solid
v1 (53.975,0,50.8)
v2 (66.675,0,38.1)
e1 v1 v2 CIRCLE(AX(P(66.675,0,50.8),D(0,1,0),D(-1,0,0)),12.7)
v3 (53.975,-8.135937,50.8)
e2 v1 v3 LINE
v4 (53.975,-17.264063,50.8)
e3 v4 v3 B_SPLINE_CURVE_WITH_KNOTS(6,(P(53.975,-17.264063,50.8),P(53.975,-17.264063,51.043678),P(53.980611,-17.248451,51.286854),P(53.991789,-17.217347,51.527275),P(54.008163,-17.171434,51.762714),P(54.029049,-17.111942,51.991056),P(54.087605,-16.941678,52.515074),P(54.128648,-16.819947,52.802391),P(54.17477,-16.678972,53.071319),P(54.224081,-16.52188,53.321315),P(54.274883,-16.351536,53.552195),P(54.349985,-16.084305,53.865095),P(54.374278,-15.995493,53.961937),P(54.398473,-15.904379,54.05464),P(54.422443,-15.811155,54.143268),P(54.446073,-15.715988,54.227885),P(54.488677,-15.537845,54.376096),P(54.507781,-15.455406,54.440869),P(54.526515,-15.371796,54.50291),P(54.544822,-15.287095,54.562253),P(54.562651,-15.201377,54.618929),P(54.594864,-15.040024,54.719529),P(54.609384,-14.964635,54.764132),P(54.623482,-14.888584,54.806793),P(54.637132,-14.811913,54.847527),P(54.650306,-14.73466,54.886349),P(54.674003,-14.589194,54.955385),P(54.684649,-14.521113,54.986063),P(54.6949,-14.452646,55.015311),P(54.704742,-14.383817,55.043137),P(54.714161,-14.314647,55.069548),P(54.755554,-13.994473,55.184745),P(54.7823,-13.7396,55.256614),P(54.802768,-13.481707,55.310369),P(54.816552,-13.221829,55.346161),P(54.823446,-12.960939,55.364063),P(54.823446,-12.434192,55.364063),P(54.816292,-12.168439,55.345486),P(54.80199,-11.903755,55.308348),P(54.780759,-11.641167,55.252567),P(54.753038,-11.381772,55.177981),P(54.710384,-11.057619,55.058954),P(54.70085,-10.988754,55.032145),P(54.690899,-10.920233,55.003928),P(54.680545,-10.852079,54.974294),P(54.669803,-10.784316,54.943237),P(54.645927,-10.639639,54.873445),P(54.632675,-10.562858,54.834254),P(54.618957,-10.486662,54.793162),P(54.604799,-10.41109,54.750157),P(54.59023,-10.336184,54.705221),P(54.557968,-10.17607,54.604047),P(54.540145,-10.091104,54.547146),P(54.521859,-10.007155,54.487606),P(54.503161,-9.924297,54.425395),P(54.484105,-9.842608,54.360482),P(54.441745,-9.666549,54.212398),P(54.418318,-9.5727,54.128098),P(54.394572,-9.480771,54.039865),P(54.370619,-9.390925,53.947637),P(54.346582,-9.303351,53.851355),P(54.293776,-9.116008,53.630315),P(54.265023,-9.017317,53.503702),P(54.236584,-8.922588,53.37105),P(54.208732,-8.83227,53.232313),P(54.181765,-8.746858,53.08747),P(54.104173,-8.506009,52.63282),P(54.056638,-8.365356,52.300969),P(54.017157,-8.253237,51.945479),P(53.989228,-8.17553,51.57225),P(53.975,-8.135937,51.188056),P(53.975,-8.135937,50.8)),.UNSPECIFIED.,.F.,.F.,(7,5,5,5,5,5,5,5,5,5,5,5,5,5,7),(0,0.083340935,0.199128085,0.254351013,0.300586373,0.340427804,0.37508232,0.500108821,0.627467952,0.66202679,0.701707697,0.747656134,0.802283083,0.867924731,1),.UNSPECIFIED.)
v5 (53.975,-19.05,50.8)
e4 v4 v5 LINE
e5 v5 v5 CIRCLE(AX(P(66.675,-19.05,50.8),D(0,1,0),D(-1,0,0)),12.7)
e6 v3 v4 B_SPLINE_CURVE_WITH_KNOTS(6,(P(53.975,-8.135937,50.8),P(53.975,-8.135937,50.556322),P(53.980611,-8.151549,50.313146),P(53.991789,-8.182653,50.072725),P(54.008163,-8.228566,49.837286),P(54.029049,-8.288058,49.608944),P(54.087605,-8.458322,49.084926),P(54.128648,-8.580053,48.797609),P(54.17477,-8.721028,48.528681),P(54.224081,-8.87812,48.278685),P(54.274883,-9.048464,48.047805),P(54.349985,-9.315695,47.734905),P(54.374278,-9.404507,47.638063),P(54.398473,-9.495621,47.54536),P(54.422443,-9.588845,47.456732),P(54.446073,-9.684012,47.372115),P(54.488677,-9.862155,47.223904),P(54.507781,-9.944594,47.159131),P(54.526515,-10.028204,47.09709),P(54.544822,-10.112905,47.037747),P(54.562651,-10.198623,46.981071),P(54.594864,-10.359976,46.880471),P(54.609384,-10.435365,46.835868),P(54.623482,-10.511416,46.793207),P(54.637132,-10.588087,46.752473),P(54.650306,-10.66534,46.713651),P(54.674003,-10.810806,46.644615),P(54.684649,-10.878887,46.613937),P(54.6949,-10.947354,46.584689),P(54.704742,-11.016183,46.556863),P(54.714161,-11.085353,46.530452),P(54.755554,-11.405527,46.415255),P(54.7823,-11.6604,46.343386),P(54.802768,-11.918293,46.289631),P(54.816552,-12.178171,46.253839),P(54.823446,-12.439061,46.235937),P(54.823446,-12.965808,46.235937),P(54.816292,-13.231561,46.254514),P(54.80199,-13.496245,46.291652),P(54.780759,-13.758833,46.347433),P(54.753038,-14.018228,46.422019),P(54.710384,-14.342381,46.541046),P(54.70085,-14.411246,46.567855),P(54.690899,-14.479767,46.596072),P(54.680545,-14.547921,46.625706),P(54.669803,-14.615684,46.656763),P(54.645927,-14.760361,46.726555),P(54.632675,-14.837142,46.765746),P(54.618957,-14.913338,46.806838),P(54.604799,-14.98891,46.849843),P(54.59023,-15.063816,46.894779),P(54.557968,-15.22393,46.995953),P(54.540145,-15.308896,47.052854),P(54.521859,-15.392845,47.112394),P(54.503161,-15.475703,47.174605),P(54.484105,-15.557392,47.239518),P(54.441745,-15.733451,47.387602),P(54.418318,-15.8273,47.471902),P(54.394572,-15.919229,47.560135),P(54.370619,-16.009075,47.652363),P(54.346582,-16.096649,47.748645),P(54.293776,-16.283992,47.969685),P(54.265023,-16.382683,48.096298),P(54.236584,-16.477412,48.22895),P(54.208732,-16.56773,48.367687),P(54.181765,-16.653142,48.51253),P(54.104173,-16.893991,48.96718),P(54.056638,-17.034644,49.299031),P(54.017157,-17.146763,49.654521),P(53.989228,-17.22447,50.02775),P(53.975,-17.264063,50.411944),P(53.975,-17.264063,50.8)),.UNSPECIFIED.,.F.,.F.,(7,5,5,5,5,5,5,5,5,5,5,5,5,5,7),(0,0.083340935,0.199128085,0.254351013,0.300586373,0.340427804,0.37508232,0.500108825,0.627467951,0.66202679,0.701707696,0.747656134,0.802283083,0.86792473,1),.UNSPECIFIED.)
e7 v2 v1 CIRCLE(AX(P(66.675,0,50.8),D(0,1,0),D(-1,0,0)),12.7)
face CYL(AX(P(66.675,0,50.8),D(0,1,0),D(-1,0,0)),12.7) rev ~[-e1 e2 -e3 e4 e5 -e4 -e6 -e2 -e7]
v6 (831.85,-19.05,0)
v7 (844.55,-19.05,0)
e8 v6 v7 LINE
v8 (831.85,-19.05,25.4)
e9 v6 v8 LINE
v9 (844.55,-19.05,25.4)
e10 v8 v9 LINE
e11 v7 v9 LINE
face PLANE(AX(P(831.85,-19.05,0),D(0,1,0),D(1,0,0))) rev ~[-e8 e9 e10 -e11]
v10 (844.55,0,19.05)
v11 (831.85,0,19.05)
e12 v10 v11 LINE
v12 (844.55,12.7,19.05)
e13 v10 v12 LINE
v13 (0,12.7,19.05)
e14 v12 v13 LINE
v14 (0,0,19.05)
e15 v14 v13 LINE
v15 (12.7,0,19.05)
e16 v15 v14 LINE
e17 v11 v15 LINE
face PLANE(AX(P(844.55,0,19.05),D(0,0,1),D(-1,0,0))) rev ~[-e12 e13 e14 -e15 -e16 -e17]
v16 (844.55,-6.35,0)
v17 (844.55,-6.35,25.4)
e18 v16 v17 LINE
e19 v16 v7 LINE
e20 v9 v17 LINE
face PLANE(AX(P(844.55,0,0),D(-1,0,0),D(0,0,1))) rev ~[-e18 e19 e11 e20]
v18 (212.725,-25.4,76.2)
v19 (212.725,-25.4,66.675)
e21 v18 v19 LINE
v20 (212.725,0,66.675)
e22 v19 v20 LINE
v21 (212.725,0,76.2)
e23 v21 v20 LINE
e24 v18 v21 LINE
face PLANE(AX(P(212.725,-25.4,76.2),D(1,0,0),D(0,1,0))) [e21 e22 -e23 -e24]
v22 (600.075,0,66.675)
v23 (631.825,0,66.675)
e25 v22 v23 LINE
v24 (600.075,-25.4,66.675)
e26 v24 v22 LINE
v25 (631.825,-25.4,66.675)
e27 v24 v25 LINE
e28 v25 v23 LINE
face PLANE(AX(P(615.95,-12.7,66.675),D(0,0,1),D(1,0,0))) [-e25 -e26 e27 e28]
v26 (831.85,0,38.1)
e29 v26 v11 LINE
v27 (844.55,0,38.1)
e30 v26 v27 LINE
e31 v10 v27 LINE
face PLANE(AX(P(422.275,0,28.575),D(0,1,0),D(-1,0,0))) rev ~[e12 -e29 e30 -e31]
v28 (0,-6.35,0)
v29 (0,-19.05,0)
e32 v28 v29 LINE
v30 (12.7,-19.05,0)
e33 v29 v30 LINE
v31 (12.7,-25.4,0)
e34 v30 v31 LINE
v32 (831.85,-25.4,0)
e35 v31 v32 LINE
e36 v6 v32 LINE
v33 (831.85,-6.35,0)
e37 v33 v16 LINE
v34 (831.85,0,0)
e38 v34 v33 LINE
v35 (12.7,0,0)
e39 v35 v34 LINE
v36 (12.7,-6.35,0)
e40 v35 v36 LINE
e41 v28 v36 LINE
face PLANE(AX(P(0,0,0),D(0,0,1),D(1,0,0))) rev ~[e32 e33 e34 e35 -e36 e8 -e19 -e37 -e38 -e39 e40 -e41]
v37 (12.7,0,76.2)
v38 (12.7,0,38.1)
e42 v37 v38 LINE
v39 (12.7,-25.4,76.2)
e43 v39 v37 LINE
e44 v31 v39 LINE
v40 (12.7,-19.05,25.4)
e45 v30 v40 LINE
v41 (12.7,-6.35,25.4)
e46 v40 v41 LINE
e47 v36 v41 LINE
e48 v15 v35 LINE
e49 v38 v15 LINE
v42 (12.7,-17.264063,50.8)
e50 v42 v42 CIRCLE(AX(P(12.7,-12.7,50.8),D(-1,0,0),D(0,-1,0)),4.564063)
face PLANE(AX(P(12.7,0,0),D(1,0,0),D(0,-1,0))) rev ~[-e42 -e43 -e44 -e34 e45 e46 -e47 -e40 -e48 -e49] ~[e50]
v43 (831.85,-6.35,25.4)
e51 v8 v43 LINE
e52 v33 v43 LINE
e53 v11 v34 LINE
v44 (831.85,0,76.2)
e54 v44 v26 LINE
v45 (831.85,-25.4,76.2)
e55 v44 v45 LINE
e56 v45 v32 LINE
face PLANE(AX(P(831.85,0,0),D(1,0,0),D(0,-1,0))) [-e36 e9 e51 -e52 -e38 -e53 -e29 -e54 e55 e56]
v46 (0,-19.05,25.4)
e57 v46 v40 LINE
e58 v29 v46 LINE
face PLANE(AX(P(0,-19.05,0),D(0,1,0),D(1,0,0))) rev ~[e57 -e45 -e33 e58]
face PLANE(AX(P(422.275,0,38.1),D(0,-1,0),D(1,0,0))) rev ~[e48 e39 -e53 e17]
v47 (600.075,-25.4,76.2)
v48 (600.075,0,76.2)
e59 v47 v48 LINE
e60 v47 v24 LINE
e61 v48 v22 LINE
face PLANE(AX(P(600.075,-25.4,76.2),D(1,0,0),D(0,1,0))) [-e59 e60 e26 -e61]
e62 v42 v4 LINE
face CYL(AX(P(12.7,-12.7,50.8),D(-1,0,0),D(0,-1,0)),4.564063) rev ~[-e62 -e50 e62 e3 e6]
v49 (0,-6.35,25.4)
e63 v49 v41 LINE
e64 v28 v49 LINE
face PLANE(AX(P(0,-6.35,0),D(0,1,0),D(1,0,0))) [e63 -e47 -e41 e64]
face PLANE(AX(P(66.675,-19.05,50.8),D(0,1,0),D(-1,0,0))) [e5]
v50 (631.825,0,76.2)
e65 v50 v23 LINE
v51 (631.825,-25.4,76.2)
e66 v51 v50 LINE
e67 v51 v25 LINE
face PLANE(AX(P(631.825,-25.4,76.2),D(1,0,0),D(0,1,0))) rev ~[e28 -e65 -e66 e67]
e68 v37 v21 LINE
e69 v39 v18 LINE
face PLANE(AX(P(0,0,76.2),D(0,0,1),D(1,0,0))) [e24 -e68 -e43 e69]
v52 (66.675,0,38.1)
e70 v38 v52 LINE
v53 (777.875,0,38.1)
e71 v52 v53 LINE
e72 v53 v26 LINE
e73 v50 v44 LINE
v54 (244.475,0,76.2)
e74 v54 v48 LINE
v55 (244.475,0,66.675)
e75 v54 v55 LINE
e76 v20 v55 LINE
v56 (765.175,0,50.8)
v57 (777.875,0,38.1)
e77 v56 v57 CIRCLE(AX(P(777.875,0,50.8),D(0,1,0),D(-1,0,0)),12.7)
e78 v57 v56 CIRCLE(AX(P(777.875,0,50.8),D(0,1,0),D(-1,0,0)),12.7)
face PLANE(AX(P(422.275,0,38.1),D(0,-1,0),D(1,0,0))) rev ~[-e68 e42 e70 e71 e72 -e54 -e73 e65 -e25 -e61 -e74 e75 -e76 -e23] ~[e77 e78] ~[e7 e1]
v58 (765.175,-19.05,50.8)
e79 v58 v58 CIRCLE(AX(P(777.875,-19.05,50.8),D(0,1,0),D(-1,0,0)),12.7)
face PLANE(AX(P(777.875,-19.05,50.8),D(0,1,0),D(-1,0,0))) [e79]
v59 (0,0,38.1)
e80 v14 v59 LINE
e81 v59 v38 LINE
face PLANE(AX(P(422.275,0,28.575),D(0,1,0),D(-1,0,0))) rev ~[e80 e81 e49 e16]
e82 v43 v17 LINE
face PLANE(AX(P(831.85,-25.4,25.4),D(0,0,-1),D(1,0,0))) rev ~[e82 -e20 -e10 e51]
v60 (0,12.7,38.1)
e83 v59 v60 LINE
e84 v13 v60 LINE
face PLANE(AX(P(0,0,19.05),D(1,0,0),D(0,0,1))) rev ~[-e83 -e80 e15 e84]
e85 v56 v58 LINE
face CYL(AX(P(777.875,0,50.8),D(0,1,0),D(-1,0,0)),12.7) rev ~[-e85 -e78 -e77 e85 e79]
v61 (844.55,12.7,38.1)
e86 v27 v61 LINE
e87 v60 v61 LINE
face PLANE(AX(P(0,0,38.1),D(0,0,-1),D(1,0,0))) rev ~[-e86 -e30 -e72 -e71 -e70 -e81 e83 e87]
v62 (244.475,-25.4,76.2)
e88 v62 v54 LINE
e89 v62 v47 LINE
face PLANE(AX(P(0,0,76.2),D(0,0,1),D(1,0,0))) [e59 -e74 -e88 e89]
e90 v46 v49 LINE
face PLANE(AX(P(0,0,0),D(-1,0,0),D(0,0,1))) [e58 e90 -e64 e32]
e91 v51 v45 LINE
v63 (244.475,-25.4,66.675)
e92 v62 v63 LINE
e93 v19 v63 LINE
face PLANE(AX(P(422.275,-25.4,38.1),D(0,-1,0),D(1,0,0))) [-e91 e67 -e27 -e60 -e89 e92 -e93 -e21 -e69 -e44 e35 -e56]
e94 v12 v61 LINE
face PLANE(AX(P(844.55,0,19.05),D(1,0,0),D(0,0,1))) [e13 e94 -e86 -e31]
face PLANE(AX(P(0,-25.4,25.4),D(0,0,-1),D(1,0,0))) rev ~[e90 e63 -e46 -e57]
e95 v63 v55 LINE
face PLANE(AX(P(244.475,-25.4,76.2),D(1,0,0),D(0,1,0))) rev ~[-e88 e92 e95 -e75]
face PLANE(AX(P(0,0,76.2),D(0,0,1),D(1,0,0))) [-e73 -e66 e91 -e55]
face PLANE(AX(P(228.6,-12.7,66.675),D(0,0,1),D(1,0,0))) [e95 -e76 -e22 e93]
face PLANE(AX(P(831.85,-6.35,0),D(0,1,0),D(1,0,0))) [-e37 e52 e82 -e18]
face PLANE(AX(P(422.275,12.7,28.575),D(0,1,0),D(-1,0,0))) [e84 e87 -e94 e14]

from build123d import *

# Parameters (mm, degrees)
F0_W      = 844.55
F0_H      = 76.2
F1_DEPTH  = 25.4
F2_W      = 12.7
F2_H      = 50.8
F3_DEPTH  = 25.401
F4_W      = 12.7
F4_H      = 6.35
F5_DEPTH  = 76.201
F6_R      = 4.564063
F7_DEPTH  = 50.8
F8_R      = 12.7
F9_DEPTH  = 19.05
F10_W     = 12.7
F10_H     = 19.05
F11_DEPTH = 12.7
F12_W     = 31.75
F12_H     = 25.4
F13_DEPTH = 9.525


with BuildPart() as f1:
    # F0 (on Front) → F1 (new body)
    with BuildSketch(Plane.XZ):
        with Locations((422.275, 38.1)):
            Rectangle(F0_W, F0_H)
    extrude(amount=F1_DEPTH)

    # F2 (on face) → F3 (cut, through all)
    with BuildSketch(Plane.XZ.offset(25.4)):
        with Locations((6.35, 50.8)):
            Rectangle(F2_W, F2_H)
        with Locations((838.2, 50.8)):
            Rectangle(F2_W, F2_H)
    extrude(amount=-F3_DEPTH, mode=Mode.SUBTRACT)

    # F4 (on face) → F5 (cut, through all)
    with BuildSketch(Plane(origin=(0, 0, 0), x_dir=(1, 0, 0), z_dir=(0, 0, -1))):
        with Locations((838.2, 22.225)):
            Rectangle(F4_W, F4_H)
        with Locations((838.2, 3.175)):
            Rectangle(F4_W, F4_H)
        with Locations((6.35, 22.225)):
            Rectangle(F4_W, F4_H)
        with Locations((6.35, 3.175)):
            Rectangle(F4_W, F4_H)
    extrude(amount=-F5_DEPTH, mode=Mode.SUBTRACT)

    # F6 (on face) → F7 (cut)
    with BuildSketch(Plane(origin=(12.7, 0, 0), x_dir=(0, -1, 0), z_dir=(-1, 0, 0))):
        with Locations((12.7, 50.8)):
            Circle(F6_R)
    extrude(amount=-F7_DEPTH, mode=Mode.SUBTRACT)

    # F8 (on face) → F9 (cut)
    with BuildSketch(Plane(origin=(0, 0, 0), x_dir=(-1, 0, 0), z_dir=(0, 1, 0))):
        with Locations((-66.675, 50.8)):
            Circle(F8_R)
        with Locations((-777.875, 50.8)):
            Circle(F8_R)
    extrude(amount=-F9_DEPTH, mode=Mode.SUBTRACT)

    # F10 (on face) → F11 (join)
    with BuildSketch(Plane(origin=(0, 0, 0), x_dir=(-1, 0, 0), z_dir=(0, 1, 0))):
        Polygon((-777.875, 38.1), (-831.85, 38.1), (-831.85, 19.05), (-12.7, 19.05), (-12.7, 38.1), (-66.675, 38.1), align=None)
        with Locations((-838.2, 28.575)):
            Rectangle(F10_W, F10_H)
        with Locations((-6.35, 28.575)):
            Rectangle(F10_W, F10_H)
    extrude(amount=F11_DEPTH)

    # F12 (on face) → F13 (cut)
    with BuildSketch(Plane.XY.offset(76.2)):
        with Locations((228.6, -12.7)):
            Rectangle(F12_W, F12_H)
        with Locations((615.95, -12.7)):
            Rectangle(F12_W, F12_H)
    extrude(amount=-F13_DEPTH, mode=Mode.SUBTRACT)


solid = f1.part
